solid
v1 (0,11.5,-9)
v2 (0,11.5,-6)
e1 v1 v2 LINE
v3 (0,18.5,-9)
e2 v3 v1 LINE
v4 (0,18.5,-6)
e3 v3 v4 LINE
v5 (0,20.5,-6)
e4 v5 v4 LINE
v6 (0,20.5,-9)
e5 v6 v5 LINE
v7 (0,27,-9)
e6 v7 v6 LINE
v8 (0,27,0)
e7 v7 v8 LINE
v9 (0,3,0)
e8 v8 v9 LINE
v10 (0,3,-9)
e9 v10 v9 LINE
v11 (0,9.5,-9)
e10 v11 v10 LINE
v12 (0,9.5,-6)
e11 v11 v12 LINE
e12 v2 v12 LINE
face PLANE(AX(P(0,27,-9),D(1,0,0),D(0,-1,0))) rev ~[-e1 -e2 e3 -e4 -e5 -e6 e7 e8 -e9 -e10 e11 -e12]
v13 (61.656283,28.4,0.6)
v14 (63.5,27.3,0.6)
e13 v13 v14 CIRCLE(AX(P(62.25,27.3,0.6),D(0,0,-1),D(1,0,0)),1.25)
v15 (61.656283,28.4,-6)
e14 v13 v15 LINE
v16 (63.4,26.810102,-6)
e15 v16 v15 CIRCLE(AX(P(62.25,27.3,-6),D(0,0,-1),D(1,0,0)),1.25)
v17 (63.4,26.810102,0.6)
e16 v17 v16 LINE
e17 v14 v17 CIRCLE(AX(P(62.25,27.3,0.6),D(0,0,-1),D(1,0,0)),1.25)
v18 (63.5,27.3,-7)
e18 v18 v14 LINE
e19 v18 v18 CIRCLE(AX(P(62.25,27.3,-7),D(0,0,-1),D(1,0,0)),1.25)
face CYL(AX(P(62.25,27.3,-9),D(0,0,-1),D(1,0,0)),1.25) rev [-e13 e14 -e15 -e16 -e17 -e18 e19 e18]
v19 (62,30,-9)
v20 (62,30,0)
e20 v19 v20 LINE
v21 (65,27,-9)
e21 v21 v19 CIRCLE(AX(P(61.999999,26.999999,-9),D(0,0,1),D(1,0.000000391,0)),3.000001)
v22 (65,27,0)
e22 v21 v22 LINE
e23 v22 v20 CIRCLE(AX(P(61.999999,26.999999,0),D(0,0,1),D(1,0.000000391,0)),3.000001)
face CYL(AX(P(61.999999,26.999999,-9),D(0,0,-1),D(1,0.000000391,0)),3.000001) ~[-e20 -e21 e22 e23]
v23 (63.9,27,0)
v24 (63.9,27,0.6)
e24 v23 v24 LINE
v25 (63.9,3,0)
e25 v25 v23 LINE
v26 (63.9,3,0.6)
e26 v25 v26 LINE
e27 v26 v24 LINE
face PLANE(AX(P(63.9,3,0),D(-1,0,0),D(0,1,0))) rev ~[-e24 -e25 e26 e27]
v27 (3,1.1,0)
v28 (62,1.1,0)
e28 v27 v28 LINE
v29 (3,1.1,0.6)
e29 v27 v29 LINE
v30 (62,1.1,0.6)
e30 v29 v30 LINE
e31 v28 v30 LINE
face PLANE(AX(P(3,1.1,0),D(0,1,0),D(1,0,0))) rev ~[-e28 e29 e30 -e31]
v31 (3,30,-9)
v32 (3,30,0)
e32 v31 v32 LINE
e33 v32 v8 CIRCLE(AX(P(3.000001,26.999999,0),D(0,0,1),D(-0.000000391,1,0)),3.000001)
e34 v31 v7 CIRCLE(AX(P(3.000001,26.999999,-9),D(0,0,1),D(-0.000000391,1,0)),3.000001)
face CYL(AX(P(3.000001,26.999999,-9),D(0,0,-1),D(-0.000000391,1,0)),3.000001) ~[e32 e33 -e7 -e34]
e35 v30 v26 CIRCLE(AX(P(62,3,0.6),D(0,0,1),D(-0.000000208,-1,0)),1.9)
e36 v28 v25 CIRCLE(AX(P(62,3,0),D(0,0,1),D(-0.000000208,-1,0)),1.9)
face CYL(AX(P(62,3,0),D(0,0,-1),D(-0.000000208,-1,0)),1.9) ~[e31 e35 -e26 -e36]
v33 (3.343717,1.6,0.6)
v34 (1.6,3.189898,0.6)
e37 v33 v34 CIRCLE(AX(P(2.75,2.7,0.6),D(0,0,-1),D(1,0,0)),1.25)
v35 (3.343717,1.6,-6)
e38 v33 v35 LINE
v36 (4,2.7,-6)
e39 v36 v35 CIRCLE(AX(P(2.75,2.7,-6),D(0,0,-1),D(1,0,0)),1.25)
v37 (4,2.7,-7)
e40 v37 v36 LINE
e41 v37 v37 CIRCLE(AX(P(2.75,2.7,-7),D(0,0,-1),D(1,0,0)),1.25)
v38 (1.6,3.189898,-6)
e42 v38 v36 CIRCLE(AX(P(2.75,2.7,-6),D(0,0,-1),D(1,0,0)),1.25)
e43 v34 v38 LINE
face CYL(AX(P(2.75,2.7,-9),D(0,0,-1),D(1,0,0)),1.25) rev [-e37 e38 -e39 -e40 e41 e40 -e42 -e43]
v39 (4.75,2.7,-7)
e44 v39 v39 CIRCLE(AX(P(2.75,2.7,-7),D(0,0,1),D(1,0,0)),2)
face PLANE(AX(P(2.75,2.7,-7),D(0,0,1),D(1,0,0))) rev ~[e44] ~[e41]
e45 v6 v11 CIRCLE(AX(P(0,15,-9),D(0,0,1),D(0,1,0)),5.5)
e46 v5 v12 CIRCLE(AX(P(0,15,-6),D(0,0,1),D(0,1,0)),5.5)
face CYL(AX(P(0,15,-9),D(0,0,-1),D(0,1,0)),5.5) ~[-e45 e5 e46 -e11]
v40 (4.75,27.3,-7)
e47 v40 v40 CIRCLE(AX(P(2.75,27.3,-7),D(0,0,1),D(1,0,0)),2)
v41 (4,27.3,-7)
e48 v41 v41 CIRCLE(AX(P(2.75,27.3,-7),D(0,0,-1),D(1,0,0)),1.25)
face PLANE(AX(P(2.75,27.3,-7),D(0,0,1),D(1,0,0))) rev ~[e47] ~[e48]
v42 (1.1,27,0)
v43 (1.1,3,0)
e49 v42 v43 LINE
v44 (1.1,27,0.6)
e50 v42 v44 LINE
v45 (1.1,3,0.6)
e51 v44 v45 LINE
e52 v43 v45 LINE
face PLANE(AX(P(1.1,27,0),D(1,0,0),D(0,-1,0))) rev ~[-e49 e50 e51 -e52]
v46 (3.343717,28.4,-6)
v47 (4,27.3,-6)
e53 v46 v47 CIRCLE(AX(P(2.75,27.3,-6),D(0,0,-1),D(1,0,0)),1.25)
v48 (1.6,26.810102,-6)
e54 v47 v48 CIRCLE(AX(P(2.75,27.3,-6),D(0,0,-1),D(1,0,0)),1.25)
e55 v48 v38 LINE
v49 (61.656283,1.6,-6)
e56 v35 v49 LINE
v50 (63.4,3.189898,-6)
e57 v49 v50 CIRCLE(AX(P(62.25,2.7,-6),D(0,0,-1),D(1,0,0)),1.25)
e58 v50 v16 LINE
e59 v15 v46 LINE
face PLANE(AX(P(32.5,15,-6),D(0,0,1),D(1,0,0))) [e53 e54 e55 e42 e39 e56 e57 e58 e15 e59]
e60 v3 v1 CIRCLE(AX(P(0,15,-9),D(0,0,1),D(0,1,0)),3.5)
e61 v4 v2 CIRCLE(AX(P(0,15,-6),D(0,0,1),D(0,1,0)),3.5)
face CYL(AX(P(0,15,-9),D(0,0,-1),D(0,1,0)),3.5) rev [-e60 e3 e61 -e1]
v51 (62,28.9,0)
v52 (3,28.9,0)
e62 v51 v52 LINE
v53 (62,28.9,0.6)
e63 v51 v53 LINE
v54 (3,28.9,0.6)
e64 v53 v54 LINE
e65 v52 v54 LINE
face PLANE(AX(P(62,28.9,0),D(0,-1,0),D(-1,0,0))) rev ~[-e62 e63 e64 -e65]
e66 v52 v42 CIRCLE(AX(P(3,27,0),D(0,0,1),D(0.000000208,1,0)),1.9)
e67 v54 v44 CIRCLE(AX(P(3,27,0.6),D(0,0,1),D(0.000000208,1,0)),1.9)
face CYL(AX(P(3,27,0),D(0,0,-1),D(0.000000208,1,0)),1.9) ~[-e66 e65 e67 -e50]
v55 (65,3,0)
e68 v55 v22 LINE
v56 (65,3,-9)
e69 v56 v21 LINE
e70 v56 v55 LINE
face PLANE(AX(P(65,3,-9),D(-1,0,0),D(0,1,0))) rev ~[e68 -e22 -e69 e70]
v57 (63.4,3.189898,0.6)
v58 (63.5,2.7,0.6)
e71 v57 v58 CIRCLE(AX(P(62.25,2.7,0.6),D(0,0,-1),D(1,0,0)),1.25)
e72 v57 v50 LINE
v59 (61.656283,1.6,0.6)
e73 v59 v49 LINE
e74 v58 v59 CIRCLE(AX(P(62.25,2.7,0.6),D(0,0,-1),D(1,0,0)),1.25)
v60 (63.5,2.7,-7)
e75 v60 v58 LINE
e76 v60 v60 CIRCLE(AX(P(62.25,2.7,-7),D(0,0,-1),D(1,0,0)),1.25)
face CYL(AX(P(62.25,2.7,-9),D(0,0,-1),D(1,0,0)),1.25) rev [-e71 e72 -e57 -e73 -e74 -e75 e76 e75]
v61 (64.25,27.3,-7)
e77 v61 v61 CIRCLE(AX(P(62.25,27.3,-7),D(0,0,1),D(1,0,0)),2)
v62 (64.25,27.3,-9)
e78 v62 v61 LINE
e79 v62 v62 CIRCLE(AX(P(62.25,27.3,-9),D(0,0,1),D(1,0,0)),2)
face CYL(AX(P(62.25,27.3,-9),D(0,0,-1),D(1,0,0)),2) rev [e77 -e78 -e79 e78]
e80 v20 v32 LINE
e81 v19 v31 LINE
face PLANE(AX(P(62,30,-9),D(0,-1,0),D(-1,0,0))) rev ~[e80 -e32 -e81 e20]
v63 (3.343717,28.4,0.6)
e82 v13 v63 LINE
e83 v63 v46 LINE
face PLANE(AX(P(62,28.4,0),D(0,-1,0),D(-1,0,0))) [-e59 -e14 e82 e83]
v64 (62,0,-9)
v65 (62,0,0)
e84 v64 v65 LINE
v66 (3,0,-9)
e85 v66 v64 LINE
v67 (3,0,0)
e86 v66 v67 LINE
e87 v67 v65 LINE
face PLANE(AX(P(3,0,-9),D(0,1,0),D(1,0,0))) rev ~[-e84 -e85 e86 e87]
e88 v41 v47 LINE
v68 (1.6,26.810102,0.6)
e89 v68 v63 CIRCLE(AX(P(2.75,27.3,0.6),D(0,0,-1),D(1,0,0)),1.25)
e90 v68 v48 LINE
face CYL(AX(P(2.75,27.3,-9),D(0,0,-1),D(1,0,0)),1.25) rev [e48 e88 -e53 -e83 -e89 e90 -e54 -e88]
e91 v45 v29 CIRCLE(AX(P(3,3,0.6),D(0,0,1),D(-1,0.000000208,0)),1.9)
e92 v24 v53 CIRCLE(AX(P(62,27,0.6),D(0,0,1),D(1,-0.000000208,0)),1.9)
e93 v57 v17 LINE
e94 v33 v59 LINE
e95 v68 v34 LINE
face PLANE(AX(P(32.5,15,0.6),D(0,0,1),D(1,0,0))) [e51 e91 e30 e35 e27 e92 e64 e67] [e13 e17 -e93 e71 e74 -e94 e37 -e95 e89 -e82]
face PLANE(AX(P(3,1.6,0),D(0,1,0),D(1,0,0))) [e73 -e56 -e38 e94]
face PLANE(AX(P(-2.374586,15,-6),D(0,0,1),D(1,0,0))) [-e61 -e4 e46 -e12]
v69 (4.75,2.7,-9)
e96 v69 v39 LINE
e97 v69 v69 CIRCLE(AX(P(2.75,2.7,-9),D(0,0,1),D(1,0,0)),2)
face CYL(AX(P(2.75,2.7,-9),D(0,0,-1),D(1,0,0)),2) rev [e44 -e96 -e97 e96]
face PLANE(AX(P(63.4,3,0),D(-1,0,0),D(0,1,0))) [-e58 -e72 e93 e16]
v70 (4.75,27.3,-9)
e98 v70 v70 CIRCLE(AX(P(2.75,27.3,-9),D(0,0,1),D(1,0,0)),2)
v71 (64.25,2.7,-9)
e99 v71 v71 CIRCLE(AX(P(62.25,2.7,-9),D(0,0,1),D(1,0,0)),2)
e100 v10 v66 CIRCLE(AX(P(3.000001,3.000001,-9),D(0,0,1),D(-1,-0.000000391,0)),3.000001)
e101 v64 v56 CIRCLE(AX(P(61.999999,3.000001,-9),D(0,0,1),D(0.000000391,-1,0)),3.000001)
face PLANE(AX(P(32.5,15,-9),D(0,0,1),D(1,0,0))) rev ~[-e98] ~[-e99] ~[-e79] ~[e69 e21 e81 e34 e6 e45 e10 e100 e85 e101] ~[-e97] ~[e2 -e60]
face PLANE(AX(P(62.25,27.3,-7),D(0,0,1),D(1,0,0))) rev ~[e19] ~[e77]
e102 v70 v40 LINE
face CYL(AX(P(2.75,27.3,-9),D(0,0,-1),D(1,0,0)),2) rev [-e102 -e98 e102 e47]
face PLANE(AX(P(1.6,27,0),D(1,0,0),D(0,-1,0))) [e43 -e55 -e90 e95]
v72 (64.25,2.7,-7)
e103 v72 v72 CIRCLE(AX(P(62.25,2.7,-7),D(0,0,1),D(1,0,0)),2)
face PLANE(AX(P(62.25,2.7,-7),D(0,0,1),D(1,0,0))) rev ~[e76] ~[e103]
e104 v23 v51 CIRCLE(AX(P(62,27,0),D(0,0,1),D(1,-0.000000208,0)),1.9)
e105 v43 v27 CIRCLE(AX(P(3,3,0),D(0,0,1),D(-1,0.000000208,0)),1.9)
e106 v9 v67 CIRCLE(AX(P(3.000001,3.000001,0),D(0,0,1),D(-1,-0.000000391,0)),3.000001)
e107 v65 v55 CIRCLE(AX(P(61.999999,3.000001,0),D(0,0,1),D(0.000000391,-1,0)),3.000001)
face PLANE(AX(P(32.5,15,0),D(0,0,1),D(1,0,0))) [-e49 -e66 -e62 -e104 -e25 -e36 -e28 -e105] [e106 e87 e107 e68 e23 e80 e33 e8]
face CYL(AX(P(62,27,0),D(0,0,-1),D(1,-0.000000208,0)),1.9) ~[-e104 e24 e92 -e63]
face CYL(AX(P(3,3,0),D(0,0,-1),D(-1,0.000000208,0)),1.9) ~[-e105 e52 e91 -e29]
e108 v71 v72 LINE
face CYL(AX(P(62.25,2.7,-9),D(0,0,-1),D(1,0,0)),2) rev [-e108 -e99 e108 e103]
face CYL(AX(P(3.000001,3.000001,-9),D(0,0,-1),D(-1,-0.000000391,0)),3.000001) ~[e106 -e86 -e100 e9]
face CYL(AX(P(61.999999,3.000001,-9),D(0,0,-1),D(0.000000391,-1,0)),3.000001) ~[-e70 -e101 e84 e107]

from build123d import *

# Parameters (mm, degrees)
PAD002_DEPTH    = 9
POCKET002_DEPTH = 6
PAD003_DEPTH    = 0.6
SKETCH007_R     = 2
POCKET003_DEPTH = 2
SKETCH008_R     = 1.25
POCKET004_DEPTH = 10
PAD004_DEPTH    = 3


with BuildPart() as part:
    # Sketch004 → Pad002 (new body)
    with BuildSketch(Plane.XY):
        with BuildLine():
            Line((0, 27), (0, 3))
            ThreePointArc((0, 3), (0.87868, 0.87868), (3, 0))
            Line((3, 0), (62, 0))
            ThreePointArc((62, 0), (64.12132, 0.87868), (65, 3))
            Line((65, 3), (65, 27))
            ThreePointArc((65, 27), (64.12132, 29.12132), (62, 30))
            Line((62, 30), (3, 30))
            ThreePointArc((3, 30), (0.87868, 29.12132), (0, 27))
        make_face()
    extrude(amount=PAD002_DEPTH)

    # Sketch005 → Pocket002 (cut)
    with BuildSketch(Plane.XY.offset(9)):
        with BuildLine():
            Line((1.6, 27), (1.6, 3))
            ThreePointArc((1.6, 3), (2.010051, 2.010051), (3, 1.6))
            Line((3, 1.6), (62, 1.6))
            ThreePointArc((62, 1.6), (62.989949, 2.010051), (63.4, 3))
            Line((63.4, 3), (63.4, 27))
            ThreePointArc((63.4, 27), (62.989949, 27.989949), (62, 28.4))
            Line((62, 28.4), (3, 28.4))
            ThreePointArc((3, 28.4), (2.010051, 27.989949), (1.6, 27))
        make_face()
    extrude(amount=-POCKET002_DEPTH, mode=Mode.SUBTRACT)

    # Sketch006 → Pad003 (join)
    with BuildSketch(Plane.XY.offset(9)):
        with BuildLine():
            Line((1.1, 27), (1.1, 3))
            ThreePointArc((1.1, 3), (1.656497, 1.656497), (3, 1.1))
            Line((3, 1.1), (62, 1.1))
            ThreePointArc((62, 1.1), (63.343503, 1.656497), (63.9, 3))
            Line((63.9, 3), (63.9, 27))
            ThreePointArc((63.9, 27), (63.343503, 28.343503), (62, 28.9))
            Line((62, 28.9), (3, 28.9))
            ThreePointArc((3, 28.9), (1.656497, 28.343503), (1.1, 27))
        make_face()
        with BuildLine():
            Line((1.6, 27), (1.6, 3))
            ThreePointArc((1.6, 3), (2.010051, 2.010051), (3, 1.6))
            Line((3, 1.6), (62, 1.6))
            ThreePointArc((62, 1.6), (62.989949, 2.010051), (63.4, 3))
            Line((63.4, 3), (63.4, 27))
            ThreePointArc((63.4, 27), (62.989949, 27.989949), (62, 28.4))
            Line((62, 28.4), (3, 28.4))
            ThreePointArc((3, 28.4), (2.010051, 27.989949), (1.6, 27))
        make_face(mode=Mode.SUBTRACT)
    extrude(amount=PAD003_DEPTH)

    # Sketch007 → Pocket003 (cut)
    with BuildSketch(Plane.XY):
        with Locations((2.75, 27.3)):
            Circle(SKETCH007_R)
        with Locations((62.25, 27.3)):
            Circle(SKETCH007_R)
        with Locations((62.25, 2.7)):
            Circle(SKETCH007_R)
        with Locations((2.75, 2.7)):
            Circle(SKETCH007_R)
    extrude(amount=POCKET003_DEPTH, mode=Mode.SUBTRACT)

    # Sketch008 → Pocket004 (cut)
    with BuildSketch(Plane.XY):
        with Locations((2.75, 27.3)):
            Circle(SKETCH008_R)
        with Locations((62.25, 27.3)):
            Circle(SKETCH008_R)
        with Locations((2.75, 2.7)):
            Circle(SKETCH008_R)
        with Locations((62.25, 2.7)):
            Circle(SKETCH008_R)
    extrude(amount=POCKET004_DEPTH, mode=Mode.SUBTRACT)

    # Sketch009 → Pad004 (join)
    with BuildSketch(Plane.XY):
        with BuildLine():
            ThreePointArc((0, 20.5), (-5.5, 15), (0, 9.5))
            Line((0, 11.5), (0, 9.5))
            ThreePointArc((0, 18.5), (-3.5, 15), (0, 11.5))
            Line((0, 20.5), (0, 18.5))
        make_face()
    extrude(amount=PAD004_DEPTH)


with BuildPart() as part_1:
    # Body001 placement: moved
    add(part.part.moved(Location((0, 0, -9))))


solid = part_1.part
